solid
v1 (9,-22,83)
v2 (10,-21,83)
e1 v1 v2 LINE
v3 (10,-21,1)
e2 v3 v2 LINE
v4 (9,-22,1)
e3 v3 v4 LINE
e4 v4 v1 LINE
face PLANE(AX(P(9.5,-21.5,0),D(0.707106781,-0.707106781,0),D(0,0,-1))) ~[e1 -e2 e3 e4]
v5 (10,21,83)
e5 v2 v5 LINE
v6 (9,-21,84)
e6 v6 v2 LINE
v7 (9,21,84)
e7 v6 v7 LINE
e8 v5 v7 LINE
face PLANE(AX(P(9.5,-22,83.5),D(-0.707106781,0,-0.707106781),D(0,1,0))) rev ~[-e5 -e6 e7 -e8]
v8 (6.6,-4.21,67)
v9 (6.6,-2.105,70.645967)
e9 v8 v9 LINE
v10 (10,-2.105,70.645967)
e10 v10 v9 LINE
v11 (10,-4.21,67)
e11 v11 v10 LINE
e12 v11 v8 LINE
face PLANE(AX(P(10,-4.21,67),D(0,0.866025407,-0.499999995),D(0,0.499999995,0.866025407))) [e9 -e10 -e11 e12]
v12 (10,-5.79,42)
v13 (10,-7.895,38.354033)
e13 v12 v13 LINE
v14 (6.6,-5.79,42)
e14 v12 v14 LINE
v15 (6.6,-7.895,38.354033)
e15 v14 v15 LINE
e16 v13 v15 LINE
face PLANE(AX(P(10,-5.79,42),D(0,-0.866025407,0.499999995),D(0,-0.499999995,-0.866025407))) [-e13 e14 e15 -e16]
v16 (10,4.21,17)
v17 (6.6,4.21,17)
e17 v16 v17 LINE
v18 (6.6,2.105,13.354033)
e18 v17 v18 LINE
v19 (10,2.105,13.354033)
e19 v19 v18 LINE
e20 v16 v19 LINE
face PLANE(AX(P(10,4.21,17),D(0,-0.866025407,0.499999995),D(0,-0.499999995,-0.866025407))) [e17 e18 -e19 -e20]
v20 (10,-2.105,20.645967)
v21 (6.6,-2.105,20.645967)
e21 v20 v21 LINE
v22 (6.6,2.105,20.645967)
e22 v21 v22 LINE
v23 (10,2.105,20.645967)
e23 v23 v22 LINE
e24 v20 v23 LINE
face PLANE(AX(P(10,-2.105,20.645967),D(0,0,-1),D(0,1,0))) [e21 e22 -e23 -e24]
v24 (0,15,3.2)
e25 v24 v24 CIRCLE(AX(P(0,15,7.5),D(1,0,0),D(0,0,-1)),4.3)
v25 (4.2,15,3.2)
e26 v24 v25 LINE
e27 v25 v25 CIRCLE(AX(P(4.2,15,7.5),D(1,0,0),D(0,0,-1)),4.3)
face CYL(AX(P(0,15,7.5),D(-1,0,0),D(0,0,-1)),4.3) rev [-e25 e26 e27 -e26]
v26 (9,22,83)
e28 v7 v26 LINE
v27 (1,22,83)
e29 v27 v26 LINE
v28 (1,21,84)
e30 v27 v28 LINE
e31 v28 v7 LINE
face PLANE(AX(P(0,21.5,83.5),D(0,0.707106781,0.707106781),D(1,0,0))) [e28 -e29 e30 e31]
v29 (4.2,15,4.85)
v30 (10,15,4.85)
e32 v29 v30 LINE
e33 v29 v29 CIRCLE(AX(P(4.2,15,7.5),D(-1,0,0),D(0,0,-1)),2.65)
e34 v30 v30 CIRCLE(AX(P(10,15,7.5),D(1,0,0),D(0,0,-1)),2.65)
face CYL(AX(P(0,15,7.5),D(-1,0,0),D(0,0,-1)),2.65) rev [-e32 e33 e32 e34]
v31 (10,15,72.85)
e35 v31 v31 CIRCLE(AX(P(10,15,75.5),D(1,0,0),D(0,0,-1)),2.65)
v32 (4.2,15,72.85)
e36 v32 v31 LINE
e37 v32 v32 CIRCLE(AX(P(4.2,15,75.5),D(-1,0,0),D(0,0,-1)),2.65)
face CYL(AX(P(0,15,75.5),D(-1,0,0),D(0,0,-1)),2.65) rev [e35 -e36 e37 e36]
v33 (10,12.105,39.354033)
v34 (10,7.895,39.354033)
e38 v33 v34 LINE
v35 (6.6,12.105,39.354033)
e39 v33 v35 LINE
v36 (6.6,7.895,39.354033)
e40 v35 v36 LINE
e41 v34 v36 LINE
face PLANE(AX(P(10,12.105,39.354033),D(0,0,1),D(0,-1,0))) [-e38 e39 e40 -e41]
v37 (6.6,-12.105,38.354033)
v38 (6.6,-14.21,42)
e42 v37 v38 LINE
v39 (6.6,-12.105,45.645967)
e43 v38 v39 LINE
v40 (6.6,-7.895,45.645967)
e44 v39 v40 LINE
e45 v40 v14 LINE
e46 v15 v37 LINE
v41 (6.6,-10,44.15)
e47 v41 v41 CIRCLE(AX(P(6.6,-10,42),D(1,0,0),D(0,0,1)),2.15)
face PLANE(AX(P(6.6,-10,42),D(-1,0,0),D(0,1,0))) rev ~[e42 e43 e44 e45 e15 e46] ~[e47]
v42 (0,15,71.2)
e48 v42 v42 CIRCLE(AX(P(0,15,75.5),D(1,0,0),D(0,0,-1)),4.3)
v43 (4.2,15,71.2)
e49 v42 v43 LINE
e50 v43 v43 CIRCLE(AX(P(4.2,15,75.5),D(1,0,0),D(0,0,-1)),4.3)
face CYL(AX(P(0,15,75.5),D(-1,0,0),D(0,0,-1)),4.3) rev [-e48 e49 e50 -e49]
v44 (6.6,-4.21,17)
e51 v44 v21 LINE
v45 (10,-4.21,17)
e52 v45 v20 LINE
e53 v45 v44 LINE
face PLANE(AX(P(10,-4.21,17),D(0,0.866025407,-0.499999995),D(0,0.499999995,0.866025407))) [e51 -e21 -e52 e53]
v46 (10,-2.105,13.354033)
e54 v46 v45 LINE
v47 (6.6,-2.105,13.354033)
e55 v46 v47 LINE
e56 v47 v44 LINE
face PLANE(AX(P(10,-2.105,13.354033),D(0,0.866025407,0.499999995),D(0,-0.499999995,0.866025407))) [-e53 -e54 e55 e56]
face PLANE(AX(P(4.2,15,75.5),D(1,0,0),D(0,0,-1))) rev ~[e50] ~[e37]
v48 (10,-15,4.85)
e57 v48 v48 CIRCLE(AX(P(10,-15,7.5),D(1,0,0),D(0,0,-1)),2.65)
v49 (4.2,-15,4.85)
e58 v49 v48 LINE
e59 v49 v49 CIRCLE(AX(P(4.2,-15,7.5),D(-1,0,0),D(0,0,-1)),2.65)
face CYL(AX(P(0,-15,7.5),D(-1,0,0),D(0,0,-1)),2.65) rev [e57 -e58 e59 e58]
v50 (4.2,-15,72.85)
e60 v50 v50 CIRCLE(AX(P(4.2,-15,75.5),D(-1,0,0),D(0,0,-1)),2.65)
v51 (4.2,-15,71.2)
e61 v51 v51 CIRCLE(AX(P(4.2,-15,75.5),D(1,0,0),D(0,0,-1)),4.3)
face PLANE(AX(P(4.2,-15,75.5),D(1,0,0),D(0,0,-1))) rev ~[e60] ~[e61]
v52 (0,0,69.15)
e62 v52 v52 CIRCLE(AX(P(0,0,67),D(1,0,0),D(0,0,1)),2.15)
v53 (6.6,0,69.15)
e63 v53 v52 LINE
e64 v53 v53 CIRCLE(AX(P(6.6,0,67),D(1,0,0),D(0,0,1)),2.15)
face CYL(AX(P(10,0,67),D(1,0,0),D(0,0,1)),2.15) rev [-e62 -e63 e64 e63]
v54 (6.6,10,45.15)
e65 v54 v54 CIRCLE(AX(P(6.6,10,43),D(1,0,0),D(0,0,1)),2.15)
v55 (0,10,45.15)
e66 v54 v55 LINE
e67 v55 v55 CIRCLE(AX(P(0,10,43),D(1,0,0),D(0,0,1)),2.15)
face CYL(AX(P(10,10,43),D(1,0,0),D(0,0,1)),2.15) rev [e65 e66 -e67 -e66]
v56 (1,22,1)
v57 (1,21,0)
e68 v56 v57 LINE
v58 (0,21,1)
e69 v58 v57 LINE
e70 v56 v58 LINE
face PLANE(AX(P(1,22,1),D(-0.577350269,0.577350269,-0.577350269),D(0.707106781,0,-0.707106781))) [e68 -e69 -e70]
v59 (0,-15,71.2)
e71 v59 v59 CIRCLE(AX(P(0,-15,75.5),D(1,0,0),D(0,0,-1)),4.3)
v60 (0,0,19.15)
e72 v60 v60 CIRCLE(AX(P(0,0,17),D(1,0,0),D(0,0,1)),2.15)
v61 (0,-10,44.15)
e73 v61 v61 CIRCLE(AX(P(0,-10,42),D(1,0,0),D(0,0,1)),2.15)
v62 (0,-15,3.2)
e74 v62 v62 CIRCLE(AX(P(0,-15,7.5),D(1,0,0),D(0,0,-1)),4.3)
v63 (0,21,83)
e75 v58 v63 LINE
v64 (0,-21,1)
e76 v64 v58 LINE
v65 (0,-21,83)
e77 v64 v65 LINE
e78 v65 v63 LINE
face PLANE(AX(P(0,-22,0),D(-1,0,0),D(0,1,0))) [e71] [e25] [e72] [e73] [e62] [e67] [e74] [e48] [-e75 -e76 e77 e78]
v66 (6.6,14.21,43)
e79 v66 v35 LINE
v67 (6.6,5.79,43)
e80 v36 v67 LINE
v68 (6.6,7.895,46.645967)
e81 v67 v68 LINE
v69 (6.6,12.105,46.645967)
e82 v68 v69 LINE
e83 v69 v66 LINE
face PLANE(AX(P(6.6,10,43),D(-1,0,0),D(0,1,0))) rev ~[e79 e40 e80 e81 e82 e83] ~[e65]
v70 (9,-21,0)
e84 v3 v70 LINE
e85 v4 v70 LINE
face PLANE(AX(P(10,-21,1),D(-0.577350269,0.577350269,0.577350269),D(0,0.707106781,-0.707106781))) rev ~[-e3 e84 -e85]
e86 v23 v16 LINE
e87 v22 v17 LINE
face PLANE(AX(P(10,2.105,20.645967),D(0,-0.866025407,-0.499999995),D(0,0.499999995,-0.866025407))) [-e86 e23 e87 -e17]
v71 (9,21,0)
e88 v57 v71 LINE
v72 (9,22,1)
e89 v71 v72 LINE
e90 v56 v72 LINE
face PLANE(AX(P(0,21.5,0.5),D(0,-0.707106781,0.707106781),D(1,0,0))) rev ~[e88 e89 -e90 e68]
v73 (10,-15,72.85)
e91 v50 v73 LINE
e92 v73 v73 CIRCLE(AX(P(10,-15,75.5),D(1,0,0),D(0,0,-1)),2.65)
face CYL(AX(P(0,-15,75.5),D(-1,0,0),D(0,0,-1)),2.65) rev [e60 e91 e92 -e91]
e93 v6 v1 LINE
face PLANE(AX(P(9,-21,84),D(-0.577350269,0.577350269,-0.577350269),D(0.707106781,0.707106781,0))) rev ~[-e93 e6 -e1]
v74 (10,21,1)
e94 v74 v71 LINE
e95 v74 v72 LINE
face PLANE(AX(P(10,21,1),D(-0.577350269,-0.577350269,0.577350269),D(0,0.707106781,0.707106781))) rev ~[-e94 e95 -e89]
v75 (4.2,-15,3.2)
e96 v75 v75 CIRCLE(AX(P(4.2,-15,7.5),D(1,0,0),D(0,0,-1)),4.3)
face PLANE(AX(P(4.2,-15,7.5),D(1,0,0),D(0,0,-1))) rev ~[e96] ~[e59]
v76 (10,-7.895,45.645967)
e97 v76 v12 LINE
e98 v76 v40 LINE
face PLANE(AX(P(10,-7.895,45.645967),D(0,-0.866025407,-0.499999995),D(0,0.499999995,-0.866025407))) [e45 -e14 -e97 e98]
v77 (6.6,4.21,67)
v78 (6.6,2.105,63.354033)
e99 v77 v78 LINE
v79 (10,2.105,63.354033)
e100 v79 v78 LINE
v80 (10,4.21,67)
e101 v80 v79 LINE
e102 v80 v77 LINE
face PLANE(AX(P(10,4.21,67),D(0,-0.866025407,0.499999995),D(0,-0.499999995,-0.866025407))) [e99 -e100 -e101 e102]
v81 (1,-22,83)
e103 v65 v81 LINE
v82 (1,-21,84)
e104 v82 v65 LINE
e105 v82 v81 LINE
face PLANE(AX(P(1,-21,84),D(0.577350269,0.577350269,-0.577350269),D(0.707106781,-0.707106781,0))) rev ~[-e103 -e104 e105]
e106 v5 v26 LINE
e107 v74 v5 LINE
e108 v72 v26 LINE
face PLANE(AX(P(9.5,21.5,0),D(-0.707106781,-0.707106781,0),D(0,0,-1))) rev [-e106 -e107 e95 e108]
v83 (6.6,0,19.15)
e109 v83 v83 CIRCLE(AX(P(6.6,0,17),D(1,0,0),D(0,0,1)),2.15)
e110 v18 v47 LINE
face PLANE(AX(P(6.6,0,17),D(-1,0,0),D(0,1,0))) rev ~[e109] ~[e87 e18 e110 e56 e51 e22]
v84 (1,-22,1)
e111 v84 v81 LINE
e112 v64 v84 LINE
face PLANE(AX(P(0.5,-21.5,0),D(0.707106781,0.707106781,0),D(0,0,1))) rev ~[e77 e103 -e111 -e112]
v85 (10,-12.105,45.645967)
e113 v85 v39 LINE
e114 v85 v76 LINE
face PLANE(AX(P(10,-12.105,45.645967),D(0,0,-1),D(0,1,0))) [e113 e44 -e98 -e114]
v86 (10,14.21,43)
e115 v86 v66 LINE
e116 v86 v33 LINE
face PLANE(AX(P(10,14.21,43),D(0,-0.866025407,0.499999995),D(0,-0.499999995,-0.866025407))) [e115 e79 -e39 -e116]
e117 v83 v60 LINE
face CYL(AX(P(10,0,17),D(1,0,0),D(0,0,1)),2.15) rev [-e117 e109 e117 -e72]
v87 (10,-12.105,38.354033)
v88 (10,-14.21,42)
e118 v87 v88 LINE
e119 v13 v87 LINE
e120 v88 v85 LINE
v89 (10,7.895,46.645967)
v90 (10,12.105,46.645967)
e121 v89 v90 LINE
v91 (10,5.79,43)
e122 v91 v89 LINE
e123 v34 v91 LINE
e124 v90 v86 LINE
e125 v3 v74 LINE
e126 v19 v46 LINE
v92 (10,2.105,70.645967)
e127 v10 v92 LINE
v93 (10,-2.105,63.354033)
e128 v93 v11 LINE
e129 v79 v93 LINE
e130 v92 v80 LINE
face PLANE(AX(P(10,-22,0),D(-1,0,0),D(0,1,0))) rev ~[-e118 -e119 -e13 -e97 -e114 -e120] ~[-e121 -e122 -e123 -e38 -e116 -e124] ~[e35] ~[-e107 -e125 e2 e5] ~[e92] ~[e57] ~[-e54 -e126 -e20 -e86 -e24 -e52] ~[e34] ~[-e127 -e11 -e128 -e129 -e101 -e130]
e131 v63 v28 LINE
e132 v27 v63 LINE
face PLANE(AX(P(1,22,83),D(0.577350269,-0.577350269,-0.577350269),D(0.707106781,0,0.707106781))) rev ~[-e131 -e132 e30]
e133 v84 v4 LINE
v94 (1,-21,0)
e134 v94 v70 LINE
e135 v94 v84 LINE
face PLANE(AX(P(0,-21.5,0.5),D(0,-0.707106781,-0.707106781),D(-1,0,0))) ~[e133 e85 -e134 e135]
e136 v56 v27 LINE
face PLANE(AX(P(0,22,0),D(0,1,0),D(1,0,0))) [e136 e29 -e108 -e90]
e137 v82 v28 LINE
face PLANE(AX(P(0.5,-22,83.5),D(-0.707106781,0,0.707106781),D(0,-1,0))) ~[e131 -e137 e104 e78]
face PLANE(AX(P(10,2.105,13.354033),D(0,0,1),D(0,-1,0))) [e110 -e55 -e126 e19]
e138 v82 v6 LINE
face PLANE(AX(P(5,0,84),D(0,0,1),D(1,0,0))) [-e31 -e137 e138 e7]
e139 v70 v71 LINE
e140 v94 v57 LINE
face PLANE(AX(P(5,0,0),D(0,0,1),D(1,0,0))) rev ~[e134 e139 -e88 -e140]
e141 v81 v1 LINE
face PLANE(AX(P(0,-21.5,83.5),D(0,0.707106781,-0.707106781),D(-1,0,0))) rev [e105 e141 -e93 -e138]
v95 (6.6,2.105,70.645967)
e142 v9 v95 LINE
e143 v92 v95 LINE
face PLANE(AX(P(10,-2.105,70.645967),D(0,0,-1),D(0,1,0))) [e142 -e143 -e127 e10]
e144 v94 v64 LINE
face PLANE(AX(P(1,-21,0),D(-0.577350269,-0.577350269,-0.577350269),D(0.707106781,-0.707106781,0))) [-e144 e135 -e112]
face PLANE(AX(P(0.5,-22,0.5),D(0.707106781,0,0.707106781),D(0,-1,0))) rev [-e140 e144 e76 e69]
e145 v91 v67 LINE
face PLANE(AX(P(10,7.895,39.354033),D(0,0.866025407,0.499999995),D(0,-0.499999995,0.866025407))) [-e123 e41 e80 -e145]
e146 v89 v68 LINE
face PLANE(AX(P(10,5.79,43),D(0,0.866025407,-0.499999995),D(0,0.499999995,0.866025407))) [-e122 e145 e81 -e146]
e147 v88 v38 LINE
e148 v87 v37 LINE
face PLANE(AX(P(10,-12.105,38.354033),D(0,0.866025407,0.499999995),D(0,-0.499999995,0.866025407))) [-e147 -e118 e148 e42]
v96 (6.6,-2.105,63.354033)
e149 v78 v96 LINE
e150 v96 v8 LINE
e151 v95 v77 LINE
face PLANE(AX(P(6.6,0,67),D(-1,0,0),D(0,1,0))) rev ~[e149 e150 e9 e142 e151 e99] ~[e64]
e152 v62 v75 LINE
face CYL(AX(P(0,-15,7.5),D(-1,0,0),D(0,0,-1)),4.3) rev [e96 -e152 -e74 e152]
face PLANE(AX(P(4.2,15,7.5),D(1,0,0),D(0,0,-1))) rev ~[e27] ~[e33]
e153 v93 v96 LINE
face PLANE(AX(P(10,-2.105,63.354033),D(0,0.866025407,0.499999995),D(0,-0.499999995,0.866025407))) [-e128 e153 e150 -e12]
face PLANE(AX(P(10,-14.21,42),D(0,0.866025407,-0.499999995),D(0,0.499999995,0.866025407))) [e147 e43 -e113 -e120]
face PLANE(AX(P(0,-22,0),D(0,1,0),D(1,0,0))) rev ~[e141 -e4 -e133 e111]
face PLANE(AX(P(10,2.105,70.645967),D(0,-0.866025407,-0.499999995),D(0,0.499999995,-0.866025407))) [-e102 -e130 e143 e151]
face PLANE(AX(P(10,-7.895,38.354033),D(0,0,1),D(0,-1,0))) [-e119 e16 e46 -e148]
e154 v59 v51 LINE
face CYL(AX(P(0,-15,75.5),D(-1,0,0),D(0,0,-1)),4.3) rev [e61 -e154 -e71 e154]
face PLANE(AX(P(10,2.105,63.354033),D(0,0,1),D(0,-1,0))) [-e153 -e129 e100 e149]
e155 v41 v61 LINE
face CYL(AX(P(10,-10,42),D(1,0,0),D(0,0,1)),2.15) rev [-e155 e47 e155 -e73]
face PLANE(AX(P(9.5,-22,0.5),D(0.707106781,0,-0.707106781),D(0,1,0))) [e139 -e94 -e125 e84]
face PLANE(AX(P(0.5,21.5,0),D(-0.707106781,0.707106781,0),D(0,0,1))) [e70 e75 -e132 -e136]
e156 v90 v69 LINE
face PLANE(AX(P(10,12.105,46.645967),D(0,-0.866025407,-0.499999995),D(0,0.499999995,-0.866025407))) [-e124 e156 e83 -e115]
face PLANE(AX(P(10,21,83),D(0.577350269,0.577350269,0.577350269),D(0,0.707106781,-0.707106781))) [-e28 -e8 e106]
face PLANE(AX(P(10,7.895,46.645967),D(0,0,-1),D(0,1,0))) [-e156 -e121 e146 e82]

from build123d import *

# Parameters (mm, degrees)
CYLINDER014005946_R                                     = 2.65
CYLINDER014005946_DEPTH                                 = 10
CYLINDER014005947_R                                     = 2.65
CYLINDER014005947_DEPTH                                 = 10
CYLINDER014005948_R                                     = 2.65
CYLINDER014005948_DEPTH                                 = 10
CYLINDER014005949_R                                     = 4.3
CYLINDER014005949_DEPTH                                 = 4.2
CYLINDER014005950_R                                     = 4.3
CYLINDER014005950_DEPTH                                 = 4.2
CYLINDER014005951_R                                     = 4.3
CYLINDER014005951_DEPTH                                 = 4.2
CYLINDER014005952_R                                     = 4.3
CYLINDER014005952_DEPTH                                 = 4.2
PRISM015_DEPTH                                          = 3.4
CYLINDER014005953_R                                     = 2.15
CYLINDER014005953_DEPTH                                 = 16
FUSION001089102007007003008034028016007_PLACEMENT_ANGLE = 90
CYLINDER014005945_R                                     = 2.65
CYLINDER014005945_DEPTH                                 = 10
BOX021003_W                                             = 10
BOX021003_H                                             = 44
BOX021003_DEPTH                                         = 84
CHAMFER018_SIZE                                         = 1


with BuildPart() as v_lec856:
    # Cylinder014005946 → Cylinder014005946 (new body)
    with BuildSketch(Plane(origin=(0, 15, 7.5), x_dir=(0, 0, -1), z_dir=(1, 0, 0))):
        Circle(CYLINDER014005946_R)
    extrude(amount=CYLINDER014005946_DEPTH)


with BuildPart() as v_lec857:
    # Cylinder014005947 → Cylinder014005947 (new body)
    with BuildSketch(Plane(origin=(0, -15, 75.5), x_dir=(0, 0, -1), z_dir=(1, 0, 0))):
        Circle(CYLINDER014005947_R)
    extrude(amount=CYLINDER014005947_DEPTH)


with BuildPart() as v_lec858:
    # Cylinder014005948 → Cylinder014005948 (new body)
    with BuildSketch(Plane(origin=(0, 15, 75.5), x_dir=(0, 0, -1), z_dir=(1, 0, 0))):
        Circle(CYLINDER014005948_R)
    extrude(amount=CYLINDER014005948_DEPTH)


with BuildPart() as v_lec859:
    # Cylinder014005949 → Cylinder014005949 (new body)
    with BuildSketch(Plane(origin=(0, -15, 7.5), x_dir=(0, 0, -1), z_dir=(1, 0, 0))):
        Circle(CYLINDER014005949_R)
    extrude(amount=CYLINDER014005949_DEPTH)


with BuildPart() as v_lec860:
    # Cylinder014005950 → Cylinder014005950 (new body)
    with BuildSketch(Plane(origin=(0, 15, 7.5), x_dir=(0, 0, -1), z_dir=(1, 0, 0))):
        Circle(CYLINDER014005950_R)
    extrude(amount=CYLINDER014005950_DEPTH)


with BuildPart() as v_lec861:
    # Cylinder014005951 → Cylinder014005951 (new body)
    with BuildSketch(Plane(origin=(0, -15, 75.5), x_dir=(0, 0, -1), z_dir=(1, 0, 0))):
        Circle(CYLINDER014005951_R)
    extrude(amount=CYLINDER014005951_DEPTH)


with BuildPart() as v_lec862:
    # Cylinder014005952 → Cylinder014005952 (new body)
    with BuildSketch(Plane(origin=(0, 15, 75.5), x_dir=(0, 0, -1), z_dir=(1, 0, 0))):
        Circle(CYLINDER014005952_R)
    extrude(amount=CYLINDER014005952_DEPTH)


with BuildPart() as m4x007:
    # prism015 → prism015 (new body)
    with BuildSketch(Plane(origin=(0, 0, 0), x_dir=(0, 1, 0), z_dir=(0, 0, 1))):
        Polygon((4.21, 0), (2.105, 3.645967), (-2.105, 3.645967), (-4.21, 0), (-2.105, -3.645967), (2.105, -3.645967), align=None)
    extrude(amount=PRISM015_DEPTH)


with BuildPart() as m4nut025:
    # Cylinder014005953 → Cylinder014005953 (new body)
    with BuildSketch(Plane.XY):
        Circle(CYLINDER014005953_R)
    extrude(amount=CYLINDER014005953_DEPTH)

    # Fusion001089102007007003008034028016007: union M4X007
    add(m4x007.part)


with BuildPart() as m4nut025_1:
    # Fusion001089102007007003008034028016007 placement: moved
    add(m4nut025.part.moved(Location((10, 0, 42))).rotate(Axis((10, 0, 42), (0, -1, 0)), FUSION001089102007007003008034028016007_PLACEMENT_ANGLE))


with BuildPart() as m4nut026:
    # Fusion001089102007007003008034028016007001 base: copy of M4nut025
    add(m4nut025_1.part)


with BuildPart() as m4nut026_1:
    # Fusion001089102007007003008034028016007001 placement: moved
    add(m4nut026.part.moved(Location((0, 10, 1))))


with BuildPart() as m4nut027:
    # Fusion001089102007007003008034028016007002 base: copy of M4nut025
    add(m4nut025_1.part)


with BuildPart() as m4nut027_1:
    # Fusion001089102007007003008034028016007002 placement: moved
    add(m4nut027.part.moved(Location((0, -10, 0))))


with BuildPart() as m4nut029:
    # Fusion001089102007007003008034028016007004 base: copy of M4nut025
    add(m4nut025_1.part)


with BuildPart() as m4nut029_1:
    # Fusion001089102007007003008034028016007004 placement: moved
    add(m4nut029.part.moved(Location((0, 0, -25))))


with BuildPart() as m4nut028:
    # Fusion001089102007007003008034028016007003 base: copy of M4nut025
    add(m4nut025_1.part)


with BuildPart() as m4nut028_1:
    # Fusion001089102007007003008034028016007003 placement: moved
    add(m4nut028.part.moved(Location((0, 0, 25))))


with BuildPart() as fusion001089102007007003008034028016006:
    # Cylinder014005945 → Cylinder014005945 (new body)
    with BuildSketch(Plane(origin=(0, -15, 7.5), x_dir=(0, 0, -1), z_dir=(1, 0, 0))):
        Circle(CYLINDER014005945_R)
    extrude(amount=CYLINDER014005945_DEPTH)

    # Fusion001089102007007003008034028016006: union Válec856, Válec857, Válec858, Válec859, Válec860, Válec861, Válec862, M4nut026, M4nut027, M4nut029, M4nut028
    add(v_lec856.part)
    add(v_lec857.part)
    add(v_lec858.part)
    add(v_lec859.part)
    add(v_lec860.part)
    add(v_lec861.part)
    add(v_lec862.part)
    add(m4nut026_1.part)
    add(m4nut027_1.part)
    add(m4nut029_1.part)
    add(m4nut028_1.part)


with BuildPart() as chamfer018:
    # Box021003 → Box021003 (new body)
    with BuildSketch(Plane(origin=(0, -22, 0), x_dir=(1, 0, 0), z_dir=(0, 0, 1))):
        with Locations((5, 22)):
            Rectangle(BOX021003_W, BOX021003_H)
    extrude(amount=BOX021003_DEPTH)

    # Cut009003003009003003003007003002002: cut Fusion001089102007007003008034028016006
    add(fusion001089102007007003008034028016006.part, mode=Mode.SUBTRACT)

    # Chamfer018
    chamfer018_edges = [chamfer018.edges().sort_by_distance(p)[0] for p in [
        (0, -22, 42),
        (0, 0, 84),
        (0, 0, 0),
        (0, 22, 42),
        (5, -22, 0),
        (10, -22, 42),
        (5, -22, 84),
        (5, 22, 84),
        (10, 0, 84),
        (5, 22, 0),
        (10, 0, 0),
        (10, 22, 42),
    ]]
    chamfer(chamfer018_edges, length=CHAMFER018_SIZE)


solid = chamfer018.part
